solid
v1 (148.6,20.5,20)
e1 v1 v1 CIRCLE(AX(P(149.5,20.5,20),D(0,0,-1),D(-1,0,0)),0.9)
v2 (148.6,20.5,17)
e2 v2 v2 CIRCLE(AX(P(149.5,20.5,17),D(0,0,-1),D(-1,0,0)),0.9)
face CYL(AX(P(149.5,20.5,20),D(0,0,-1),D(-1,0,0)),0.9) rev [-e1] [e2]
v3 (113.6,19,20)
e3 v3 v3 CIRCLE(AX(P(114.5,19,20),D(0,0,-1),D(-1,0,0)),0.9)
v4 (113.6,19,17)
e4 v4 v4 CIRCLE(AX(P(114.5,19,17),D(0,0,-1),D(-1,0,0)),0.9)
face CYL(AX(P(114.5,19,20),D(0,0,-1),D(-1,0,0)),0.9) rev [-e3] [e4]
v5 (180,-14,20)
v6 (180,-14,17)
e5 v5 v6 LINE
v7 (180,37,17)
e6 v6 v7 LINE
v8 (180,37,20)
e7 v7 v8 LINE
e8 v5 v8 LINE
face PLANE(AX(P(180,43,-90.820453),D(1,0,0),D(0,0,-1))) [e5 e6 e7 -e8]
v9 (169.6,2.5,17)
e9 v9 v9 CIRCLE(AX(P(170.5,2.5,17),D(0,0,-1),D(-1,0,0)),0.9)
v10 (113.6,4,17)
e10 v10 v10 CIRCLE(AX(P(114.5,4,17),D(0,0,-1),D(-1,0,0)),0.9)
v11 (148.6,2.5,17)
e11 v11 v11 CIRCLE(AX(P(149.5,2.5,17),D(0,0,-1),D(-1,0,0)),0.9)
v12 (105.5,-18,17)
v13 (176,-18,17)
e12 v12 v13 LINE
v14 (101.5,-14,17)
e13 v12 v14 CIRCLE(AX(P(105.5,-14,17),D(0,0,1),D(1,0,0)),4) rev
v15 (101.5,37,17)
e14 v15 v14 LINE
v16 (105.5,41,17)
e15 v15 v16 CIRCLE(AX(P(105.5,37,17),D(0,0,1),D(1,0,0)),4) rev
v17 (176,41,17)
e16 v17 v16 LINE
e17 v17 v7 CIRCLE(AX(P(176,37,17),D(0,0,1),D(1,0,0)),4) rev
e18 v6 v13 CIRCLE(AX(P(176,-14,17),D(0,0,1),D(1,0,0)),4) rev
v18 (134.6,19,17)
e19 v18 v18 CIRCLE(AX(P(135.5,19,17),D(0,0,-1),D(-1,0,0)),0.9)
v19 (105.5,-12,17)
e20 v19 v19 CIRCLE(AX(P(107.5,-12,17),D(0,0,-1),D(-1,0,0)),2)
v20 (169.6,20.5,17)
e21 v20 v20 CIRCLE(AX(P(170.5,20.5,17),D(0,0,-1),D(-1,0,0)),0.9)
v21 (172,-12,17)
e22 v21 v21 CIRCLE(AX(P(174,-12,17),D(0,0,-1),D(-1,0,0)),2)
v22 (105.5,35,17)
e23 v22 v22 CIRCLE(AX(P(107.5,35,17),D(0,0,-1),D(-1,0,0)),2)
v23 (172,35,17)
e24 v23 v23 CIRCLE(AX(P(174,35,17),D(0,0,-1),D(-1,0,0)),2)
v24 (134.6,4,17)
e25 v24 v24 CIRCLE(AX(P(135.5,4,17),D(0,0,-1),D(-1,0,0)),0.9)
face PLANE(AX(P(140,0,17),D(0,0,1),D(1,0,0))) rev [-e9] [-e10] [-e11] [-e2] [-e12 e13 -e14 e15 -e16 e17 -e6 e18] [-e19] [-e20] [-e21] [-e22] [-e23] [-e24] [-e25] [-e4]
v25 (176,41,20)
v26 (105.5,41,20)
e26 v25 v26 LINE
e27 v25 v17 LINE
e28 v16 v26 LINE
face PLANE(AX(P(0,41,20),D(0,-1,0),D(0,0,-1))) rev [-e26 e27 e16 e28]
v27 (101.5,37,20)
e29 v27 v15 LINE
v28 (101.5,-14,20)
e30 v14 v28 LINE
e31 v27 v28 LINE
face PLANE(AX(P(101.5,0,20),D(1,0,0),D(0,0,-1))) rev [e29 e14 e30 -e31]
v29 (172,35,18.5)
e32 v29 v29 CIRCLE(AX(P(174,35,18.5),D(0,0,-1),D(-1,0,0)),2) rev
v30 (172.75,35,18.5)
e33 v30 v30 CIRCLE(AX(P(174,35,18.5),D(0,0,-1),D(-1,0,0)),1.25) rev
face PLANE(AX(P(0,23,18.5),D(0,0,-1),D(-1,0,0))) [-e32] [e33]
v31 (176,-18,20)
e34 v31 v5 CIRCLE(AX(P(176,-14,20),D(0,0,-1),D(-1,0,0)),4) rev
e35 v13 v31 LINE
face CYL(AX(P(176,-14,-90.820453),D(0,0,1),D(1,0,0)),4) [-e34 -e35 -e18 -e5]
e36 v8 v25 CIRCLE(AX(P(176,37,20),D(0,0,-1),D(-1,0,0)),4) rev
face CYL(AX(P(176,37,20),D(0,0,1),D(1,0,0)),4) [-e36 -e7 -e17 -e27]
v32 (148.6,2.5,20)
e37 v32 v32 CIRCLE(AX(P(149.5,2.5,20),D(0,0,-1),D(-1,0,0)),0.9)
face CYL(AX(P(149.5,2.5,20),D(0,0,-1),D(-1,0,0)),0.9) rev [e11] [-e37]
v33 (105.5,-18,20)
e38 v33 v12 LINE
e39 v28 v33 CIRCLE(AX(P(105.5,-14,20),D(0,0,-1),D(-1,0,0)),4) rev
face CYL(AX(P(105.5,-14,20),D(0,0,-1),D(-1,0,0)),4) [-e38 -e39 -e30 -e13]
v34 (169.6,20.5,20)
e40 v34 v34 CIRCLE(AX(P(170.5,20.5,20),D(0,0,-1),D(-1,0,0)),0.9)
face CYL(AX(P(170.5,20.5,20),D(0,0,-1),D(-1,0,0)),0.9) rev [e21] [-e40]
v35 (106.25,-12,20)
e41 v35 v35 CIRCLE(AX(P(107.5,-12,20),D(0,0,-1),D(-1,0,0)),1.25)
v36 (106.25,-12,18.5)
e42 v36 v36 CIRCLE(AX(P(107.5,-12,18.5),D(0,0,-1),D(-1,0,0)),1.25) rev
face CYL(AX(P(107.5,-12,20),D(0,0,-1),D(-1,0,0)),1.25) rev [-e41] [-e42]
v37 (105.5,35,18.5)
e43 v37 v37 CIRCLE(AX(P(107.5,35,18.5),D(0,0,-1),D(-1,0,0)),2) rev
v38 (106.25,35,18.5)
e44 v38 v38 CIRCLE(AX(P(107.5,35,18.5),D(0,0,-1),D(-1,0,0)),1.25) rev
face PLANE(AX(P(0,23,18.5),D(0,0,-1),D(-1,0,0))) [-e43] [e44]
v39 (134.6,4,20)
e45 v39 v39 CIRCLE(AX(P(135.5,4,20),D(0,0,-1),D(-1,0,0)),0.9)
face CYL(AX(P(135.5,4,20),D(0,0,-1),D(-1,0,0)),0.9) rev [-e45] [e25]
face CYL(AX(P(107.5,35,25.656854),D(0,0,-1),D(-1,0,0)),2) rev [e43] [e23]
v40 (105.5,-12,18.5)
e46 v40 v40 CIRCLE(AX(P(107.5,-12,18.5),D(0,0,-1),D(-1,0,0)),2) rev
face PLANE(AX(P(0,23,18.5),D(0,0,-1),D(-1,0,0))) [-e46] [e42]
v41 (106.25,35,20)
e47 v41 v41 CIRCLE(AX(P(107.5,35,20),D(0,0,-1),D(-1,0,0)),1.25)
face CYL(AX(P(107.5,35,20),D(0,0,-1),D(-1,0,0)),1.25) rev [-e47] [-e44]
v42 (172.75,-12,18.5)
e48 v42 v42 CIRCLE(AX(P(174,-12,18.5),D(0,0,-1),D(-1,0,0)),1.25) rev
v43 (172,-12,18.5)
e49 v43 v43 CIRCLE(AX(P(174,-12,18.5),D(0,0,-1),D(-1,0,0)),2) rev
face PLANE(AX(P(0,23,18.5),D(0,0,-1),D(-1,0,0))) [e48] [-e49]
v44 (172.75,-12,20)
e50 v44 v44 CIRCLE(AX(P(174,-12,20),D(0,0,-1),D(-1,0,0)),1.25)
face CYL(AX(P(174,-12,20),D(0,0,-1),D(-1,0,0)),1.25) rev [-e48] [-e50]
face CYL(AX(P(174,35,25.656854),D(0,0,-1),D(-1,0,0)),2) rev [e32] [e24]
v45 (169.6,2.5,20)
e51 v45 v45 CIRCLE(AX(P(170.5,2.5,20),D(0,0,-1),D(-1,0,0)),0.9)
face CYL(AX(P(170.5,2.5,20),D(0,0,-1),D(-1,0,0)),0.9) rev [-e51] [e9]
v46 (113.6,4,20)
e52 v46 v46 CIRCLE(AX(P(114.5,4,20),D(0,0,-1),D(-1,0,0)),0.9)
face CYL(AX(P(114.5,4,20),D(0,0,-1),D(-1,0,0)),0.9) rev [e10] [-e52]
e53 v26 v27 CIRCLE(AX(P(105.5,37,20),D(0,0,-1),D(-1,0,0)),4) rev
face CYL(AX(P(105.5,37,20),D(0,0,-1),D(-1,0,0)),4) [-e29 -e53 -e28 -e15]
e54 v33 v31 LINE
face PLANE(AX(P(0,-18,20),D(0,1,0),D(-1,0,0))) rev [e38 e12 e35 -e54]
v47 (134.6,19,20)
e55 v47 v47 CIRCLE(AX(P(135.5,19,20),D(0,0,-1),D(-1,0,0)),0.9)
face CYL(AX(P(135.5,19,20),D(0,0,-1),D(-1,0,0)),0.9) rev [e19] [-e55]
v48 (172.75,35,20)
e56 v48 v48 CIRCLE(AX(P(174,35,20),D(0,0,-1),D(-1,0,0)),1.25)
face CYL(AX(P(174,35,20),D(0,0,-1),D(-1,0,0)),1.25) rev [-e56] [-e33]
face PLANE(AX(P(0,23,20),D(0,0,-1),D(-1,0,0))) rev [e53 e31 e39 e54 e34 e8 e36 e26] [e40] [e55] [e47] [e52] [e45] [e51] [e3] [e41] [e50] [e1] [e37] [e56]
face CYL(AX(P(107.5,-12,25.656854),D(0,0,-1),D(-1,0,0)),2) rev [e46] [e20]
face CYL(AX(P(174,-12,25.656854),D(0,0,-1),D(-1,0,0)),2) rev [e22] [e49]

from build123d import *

# Parameters (mm, degrees)
SKETCH_2_W          = 170
SKETCH_2_H          = 20
EXTRUDE_1_DEPTH     = 23
CUT_EXTRUDE_1_DEPTH = 173.710740836
SKETCH_4_W          = 17
SKETCH_4_H          = 13
CUT_EXTRUDE_2_DEPTH = 30
CUT_EXTRUDE_3_DEPTH = 173.710740836
SKETCH_6_W          = 87.5
SKETCH_6_H          = 63
EXTRUDE_2_DEPTH     = 3
SKETCH_7_R          = 1.25
CUT_EXTRUDE_4_DEPTH = 186.632028486
SKETCH_7_3_R        = 2
CUT_EXTRUDE_5_DEPTH = 1.5
CUT_EXTRUDE_6_DEPTH = 186.632028486
FILLET_2_R          = 4
SKETCH_10_R         = 0.9
CUT_EXTRUDE_7_DEPTH = 186.178967488
SKETCH_9_W          = 78.5
SKETCH_9_H          = 16.208535094
CUT_EXTRUDE_8_DEPTH = 191.475720238


with BuildPart() as part:
    # 草图2 → 凸台-拉伸1 (new body)
    with BuildSketch(Plane(origin=(0, 0, 0), x_dir=(1, 0, 0), z_dir=(0, 1, 0))):
        with Locations((85, -10)):
            Rectangle(SKETCH_2_W, SKETCH_2_H)
    extrude(amount=EXTRUDE_1_DEPTH)

    # 草图3 → 切除-拉伸1 (cut, through all)
    with BuildSketch(Plane(origin=(0, 23, 0), x_dir=(1, 0, 0), z_dir=(0, 1, 0))):
        with BuildLine():
            ThreePointArc((161.6, -10), (159.341699476, -8.541699476), (158.941699476, -11.2))
            Line((158.941699476, -11.2), (161.058300524, -11.2))
            ThreePointArc((161.058300524, -11.2), (161.458300524, -10.658300524), (161.6, -10))
        make_face()
        with BuildLine():
            ThreePointArc((126.6, -10), (124.341699476, -8.541699476), (123.941699476, -11.2))
            Line((123.941699476, -11.2), (126.058300524, -11.2))
            ThreePointArc((126.058300524, -11.2), (126.458300524, -10.658300524), (126.6, -10))
        make_face()
    extrude(amount=-CUT_EXTRUDE_1_DEPTH, mode=Mode.SUBTRACT)

    # 草图4 → 切除-拉伸2 (cut)
    with BuildSketch(Plane(origin=(170, 0, 0), x_dir=(0, 0, -1), z_dir=(1, 0, 0))):
        with Locations((-8.5, 11.5)):
            Rectangle(SKETCH_4_W, SKETCH_4_H)
    extrude(amount=-CUT_EXTRUDE_2_DEPTH, mode=Mode.SUBTRACT)

    # 草图5 → 切除-拉伸3 (cut, through all)
    with BuildSketch(Plane(origin=(0, 23, 0), x_dir=(1, 0, 0), z_dir=(0, 1, 0))):
        with BuildLine():
            Line((117.5, -17), (117.5, -10))
            ThreePointArc((117.5, -10), (125, -2.5), (132.5, -10))
            Line((132.5, -10), (132.5, -17))
            Line((132.5, -17), (152.5, -17))
            Line((152.5, -17), (152.5, -10))
            ThreePointArc((152.5, -10), (160, -2.5), (167.5, -10))
            Line((167.5, -10), (167.5, -17))
            Line((167.5, -17), (170, -17))
            Line((170, -17), (170, 0))
            Line((170, 0), (0, 0))
            Line((0, 0), (0, -20))
            Line((0, -20), (102.5, -20))
            Line((102.5, -20), (102.5, -17))
            Line((102.5, -17), (117.5, -17))
        make_face()
    extrude(amount=-CUT_EXTRUDE_3_DEPTH, mode=Mode.SUBTRACT)

    # 草图6 → 凸台-拉伸2 (add)
    with BuildSketch(Plane.XY.offset(20)):
        with Locations((136.25, 11.5)):
            Rectangle(SKETCH_6_W, SKETCH_6_H)
    extrude(amount=-EXTRUDE_2_DEPTH)

    # 草图7 → 切除-拉伸4 (cut, through all)
    with BuildSketch(Plane(origin=(0, 0, 17), x_dir=(-1, 0, 0), z_dir=(0, 0, -1))):
        with Locations((-174, 35)):
            Circle(SKETCH_7_R)
        with Locations((-107.5, 35)):
            Circle(SKETCH_7_R)
        with Locations((-107.5, -12)):
            Circle(SKETCH_7_R)
        with Locations((-174, -12)):
            Circle(SKETCH_7_R)
    extrude(amount=-CUT_EXTRUDE_4_DEPTH, mode=Mode.SUBTRACT)

    # 草图7<3> → 切除-拉伸5 (cut)
    with BuildSketch(Plane(origin=(0, 0, 17), x_dir=(-1, 0, 0), z_dir=(0, 0, -1))):
        with Locations((-174, 35)):
            Circle(SKETCH_7_3_R)
        with Locations((-107.5, 35)):
            Circle(SKETCH_7_3_R)
        with Locations((-174, -12)):
            Circle(SKETCH_7_3_R)
        with Locations((-107.5, -12)):
            Circle(SKETCH_7_3_R)
    extrude(amount=-CUT_EXTRUDE_5_DEPTH, mode=Mode.SUBTRACT)

    # 草图8 → 切除-拉伸6 (cut, through all)
    with BuildSketch(Plane(origin=(0, 0, 17), x_dir=(-1, 0, 0), z_dir=(0, 0, -1))):
        Polygon((-180, 43), (-180, 41), (-101.5, 41), (-101.5, -18), (-180, -18), (-180, -20), (-92.5, -20), (-92.5, 43), align=None)
    extrude(amount=-CUT_EXTRUDE_6_DEPTH, mode=Mode.SUBTRACT)

    # 圆角2
    fillet_2_edges = [part.edges().sort_by_distance(p)[0] for p in [
        (101.5, -18, 18.5),
        (101.5, 41, 18.5),
        (180, 41, 18.5),
        (180, -18, 18.5),
    ]]
    fillet(fillet_2_edges, radius=FILLET_2_R)

    # 草图10 → 切除-拉伸7 (cut, through all)
    with BuildSketch(Plane(origin=(0, 0, 17), x_dir=(-1, 0, 0), z_dir=(0, 0, -1))):
        with Locations((-170.5, 20.5)):
            Circle(SKETCH_10_R)
        with Locations((-149.5, 20.5)):
            Circle(SKETCH_10_R)
        with Locations((-170.5, 2.5)):
            Circle(SKETCH_10_R)
        with Locations((-149.5, 2.5)):
            Circle(SKETCH_10_R)
        with Locations((-135.5, 4)):
            Circle(SKETCH_10_R)
        with Locations((-135.5, 19)):
            Circle(SKETCH_10_R)
        with Locations((-114.5, 19)):
            Circle(SKETCH_10_R)
        with Locations((-114.5, 4)):
            Circle(SKETCH_10_R)
    extrude(amount=-CUT_EXTRUDE_7_DEPTH, mode=Mode.SUBTRACT)

    # 草图9 → 切除-拉伸8 (cut, through all)
    with BuildSketch(Plane.XZ.offset(18)):
        with Locations((140.75, 8.895732453)):
            Rectangle(SKETCH_9_W, SKETCH_9_H)
    extrude(amount=-CUT_EXTRUDE_8_DEPTH, mode=Mode.SUBTRACT)


solid = part.part
